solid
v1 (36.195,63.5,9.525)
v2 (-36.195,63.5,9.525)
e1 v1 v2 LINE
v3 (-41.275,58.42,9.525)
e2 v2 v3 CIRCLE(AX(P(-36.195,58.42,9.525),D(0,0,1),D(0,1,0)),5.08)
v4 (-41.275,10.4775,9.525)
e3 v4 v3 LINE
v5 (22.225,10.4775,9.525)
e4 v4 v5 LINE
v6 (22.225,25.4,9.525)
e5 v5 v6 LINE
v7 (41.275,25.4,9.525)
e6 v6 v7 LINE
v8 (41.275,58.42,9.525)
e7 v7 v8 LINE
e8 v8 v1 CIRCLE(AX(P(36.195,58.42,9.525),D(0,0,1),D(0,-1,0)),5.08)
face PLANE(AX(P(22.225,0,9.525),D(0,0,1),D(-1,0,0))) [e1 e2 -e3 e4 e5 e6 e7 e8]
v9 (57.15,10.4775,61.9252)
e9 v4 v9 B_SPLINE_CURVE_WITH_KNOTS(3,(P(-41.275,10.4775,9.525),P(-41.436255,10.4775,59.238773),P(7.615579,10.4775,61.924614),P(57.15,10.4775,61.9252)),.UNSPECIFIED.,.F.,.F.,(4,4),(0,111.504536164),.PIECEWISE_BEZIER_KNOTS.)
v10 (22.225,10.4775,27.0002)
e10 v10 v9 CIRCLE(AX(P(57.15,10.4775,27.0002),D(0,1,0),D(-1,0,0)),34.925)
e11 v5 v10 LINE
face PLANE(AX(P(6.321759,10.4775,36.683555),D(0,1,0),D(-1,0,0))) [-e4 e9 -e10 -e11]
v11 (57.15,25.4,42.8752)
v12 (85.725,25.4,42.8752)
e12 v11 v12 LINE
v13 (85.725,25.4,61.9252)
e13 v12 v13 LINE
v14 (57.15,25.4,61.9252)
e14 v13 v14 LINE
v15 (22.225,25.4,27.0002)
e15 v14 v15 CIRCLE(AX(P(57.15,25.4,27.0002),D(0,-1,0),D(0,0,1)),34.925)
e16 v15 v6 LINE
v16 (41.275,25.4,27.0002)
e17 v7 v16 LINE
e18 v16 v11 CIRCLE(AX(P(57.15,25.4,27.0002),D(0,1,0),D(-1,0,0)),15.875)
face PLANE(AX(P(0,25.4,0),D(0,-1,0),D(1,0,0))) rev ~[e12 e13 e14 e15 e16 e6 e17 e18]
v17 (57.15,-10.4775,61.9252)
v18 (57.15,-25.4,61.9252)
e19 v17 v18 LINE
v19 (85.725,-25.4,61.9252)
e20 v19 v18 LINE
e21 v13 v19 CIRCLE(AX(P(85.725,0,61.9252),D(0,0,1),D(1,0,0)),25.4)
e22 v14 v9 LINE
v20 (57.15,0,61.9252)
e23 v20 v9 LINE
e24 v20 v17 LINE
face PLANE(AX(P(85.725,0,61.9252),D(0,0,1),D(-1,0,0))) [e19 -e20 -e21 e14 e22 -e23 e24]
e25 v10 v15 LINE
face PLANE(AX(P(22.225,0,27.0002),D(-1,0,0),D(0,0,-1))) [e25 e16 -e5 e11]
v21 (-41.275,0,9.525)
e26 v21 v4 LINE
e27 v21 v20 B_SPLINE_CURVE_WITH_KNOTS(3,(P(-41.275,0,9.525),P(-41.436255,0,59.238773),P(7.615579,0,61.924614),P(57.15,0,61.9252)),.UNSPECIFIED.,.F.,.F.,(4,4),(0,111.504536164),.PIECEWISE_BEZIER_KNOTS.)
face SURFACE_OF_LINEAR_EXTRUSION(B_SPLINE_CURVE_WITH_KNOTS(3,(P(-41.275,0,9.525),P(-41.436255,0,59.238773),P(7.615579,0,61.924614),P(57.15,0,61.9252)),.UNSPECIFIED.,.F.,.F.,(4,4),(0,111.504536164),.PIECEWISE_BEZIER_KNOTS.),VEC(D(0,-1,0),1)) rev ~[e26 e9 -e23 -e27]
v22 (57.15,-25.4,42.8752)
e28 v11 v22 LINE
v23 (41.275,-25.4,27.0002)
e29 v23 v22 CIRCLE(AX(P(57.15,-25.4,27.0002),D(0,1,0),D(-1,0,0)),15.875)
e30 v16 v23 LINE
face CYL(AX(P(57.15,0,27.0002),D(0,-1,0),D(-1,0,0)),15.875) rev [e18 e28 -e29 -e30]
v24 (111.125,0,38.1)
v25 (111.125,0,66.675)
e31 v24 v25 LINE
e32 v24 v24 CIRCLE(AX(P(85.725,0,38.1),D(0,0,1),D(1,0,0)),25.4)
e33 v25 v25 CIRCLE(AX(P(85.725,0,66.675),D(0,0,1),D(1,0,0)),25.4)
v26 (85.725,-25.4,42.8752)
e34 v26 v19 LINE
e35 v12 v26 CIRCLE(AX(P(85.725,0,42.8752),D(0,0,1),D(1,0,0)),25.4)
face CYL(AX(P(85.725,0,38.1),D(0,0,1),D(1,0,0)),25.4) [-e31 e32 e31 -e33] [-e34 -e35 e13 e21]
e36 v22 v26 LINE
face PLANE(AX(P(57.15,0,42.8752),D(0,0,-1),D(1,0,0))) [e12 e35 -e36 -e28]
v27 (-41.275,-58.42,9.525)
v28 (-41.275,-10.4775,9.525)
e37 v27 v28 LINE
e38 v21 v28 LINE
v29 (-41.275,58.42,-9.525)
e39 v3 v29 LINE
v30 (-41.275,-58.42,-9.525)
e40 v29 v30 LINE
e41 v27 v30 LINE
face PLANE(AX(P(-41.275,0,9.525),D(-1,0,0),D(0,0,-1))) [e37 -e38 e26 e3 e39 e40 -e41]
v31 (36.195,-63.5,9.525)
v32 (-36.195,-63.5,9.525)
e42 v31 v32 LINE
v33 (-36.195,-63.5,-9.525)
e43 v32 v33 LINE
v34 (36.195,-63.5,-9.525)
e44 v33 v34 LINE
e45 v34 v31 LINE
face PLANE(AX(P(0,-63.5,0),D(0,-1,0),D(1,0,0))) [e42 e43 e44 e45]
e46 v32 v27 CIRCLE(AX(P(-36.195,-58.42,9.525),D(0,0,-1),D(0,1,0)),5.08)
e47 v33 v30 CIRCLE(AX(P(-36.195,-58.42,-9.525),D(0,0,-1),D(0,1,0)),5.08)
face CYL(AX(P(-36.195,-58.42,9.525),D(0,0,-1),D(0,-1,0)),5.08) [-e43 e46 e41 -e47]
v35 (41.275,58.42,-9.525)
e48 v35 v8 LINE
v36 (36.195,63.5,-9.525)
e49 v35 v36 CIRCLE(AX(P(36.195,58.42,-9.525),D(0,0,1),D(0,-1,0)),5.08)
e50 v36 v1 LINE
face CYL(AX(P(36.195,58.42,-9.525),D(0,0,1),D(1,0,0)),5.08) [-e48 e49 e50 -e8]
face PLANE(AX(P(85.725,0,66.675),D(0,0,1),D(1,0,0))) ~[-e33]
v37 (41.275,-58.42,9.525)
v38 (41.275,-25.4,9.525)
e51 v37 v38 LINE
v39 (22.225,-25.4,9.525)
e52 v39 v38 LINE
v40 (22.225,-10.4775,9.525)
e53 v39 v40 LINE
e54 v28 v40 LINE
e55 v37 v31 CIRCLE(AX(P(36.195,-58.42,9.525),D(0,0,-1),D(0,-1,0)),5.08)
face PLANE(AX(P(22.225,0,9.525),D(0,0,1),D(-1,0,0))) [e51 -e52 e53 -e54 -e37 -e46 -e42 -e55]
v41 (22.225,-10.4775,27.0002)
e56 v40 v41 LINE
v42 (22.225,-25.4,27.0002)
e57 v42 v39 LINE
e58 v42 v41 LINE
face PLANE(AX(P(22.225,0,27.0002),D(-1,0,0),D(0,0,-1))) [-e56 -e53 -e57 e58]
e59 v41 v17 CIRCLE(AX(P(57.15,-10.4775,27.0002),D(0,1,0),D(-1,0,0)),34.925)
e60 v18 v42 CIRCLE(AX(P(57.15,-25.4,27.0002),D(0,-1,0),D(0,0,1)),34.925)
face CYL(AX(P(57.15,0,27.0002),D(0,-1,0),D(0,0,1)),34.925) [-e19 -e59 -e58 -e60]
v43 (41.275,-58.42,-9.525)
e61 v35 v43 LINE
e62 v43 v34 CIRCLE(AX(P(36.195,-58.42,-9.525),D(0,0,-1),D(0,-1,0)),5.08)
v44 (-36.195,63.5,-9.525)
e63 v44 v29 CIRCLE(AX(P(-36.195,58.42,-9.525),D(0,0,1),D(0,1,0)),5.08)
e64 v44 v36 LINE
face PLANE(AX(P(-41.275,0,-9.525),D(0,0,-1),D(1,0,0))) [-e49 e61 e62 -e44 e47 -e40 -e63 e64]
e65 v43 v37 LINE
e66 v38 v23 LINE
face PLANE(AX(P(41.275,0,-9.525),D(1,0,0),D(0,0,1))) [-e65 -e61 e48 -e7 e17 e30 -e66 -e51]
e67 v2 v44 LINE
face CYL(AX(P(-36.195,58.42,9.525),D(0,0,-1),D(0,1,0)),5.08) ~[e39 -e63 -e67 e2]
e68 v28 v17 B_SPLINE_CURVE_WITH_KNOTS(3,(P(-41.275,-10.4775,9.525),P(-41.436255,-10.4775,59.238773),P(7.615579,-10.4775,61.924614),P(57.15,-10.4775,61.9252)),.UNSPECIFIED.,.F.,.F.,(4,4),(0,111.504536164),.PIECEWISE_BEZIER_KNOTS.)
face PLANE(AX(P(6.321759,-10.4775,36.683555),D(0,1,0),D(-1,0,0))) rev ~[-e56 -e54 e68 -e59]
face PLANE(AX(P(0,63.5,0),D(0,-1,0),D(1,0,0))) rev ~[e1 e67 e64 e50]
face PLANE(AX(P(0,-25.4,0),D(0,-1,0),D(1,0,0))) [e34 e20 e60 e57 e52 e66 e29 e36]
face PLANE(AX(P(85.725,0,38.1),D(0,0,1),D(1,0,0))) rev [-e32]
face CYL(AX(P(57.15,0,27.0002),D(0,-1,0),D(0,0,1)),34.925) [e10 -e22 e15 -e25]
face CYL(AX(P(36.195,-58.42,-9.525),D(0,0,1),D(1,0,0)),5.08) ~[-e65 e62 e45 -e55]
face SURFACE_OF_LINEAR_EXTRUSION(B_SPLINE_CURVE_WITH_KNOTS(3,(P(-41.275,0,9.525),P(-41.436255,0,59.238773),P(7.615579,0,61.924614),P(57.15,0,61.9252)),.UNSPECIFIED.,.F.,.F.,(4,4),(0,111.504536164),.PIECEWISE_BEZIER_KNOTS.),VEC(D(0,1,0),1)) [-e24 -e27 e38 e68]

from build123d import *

# Parameters (mm, degrees)
F1_DEPTH = 63.5
F2_DEPTH = 25.4
F3_DEPTH = 10.4775
F0_W     = 25.4
F0_H     = 4.7752
F0_H_2   = 19.05
F0_H_3   = 4.7498
F5_R     = 5.08


with BuildPart() as f1:
    # F0 (on Front) → F1 (new body, symmetric)
    with BuildSketch(Plane.XZ):
        Polygon((22.225, 9.525), (-41.275, 9.525), (-41.275, -9.525), (41.275, -9.525), (41.275, 9.525), align=None)
    extrude(amount=F1_DEPTH, both=True)

    # F0 (on Front) → F2 (join, symmetric)
    with BuildSketch(Plane.XZ):
        Polygon((22.225, 9.525), (-41.275, 9.525), (-41.275, -9.525), (41.275, -9.525), (41.275, 9.525), align=None)
        with BuildLine():
            Line((22.225, 27.0002), (22.225, 9.525))
            Line((22.225, 9.525), (41.275, 9.525))
            Line((41.275, 9.525), (41.275, 27.0002))
            ThreePointArc((41.275, 27.0002), (45.9246798487, 38.2255201513), (57.15, 42.8752))
            Line((57.15, 42.8752), (85.725, 42.8752))
            Line((85.725, 42.8752), (85.725, 61.9252))
            Line((85.725, 61.9252), (57.15, 61.9252))
            ThreePointArc((57.15, 61.9252), (32.4542956671, 51.6959043329), (22.225, 27.0002))
        make_face()
    extrude(amount=F2_DEPTH, both=True)

    # F0 (on Front) → F3 (join, symmetric)
    with BuildSketch(Plane.XZ):
        with BuildLine():
            add(Edge.make_bspline(
                [(-41.275, 9.525), (-41.4362549782, 59.2387728393), (7.6155788265, 61.9246140122), (57.15, 61.9252)],
                knots=[0, 0, 0, 0, 111.5045361635, 111.5045361635, 111.5045361635, 111.5045361635], degree=3))
            Line((-41.275, 9.525), (22.225, 9.525))
            Line((22.225, 9.525), (22.225, 27.0002))
            ThreePointArc((22.225, 27.0002), (32.4542956671, 51.6959043329), (57.15, 61.9252))
        make_face()
    extrude(amount=F3_DEPTH, both=True)

    # F0 (on Front) → F4 (revolve)
    with BuildSketch(Plane.XZ):
        with Locations((98.425, 40.4876)):
            Rectangle(F0_W, F0_H)
        with Locations((98.425, 52.4002)):
            Rectangle(F0_W, F0_H_2)
        with Locations((98.425, 64.3001)):
            Rectangle(F0_W, F0_H_3)
    revolve(axis=Axis((85.725, 0, 52.3875), (0, 0, 1)))

    # F5
    f5_edges = [f1.edges().sort_by_distance(p)[0] for p in [
        (41.275, 63.5, 0),
        (-41.275, 63.5, 0),
        (-41.275, -63.5, 0),
        (41.275, -63.5, 0),
    ]]
    fillet(f5_edges, radius=F5_R)


solid = f1.part
